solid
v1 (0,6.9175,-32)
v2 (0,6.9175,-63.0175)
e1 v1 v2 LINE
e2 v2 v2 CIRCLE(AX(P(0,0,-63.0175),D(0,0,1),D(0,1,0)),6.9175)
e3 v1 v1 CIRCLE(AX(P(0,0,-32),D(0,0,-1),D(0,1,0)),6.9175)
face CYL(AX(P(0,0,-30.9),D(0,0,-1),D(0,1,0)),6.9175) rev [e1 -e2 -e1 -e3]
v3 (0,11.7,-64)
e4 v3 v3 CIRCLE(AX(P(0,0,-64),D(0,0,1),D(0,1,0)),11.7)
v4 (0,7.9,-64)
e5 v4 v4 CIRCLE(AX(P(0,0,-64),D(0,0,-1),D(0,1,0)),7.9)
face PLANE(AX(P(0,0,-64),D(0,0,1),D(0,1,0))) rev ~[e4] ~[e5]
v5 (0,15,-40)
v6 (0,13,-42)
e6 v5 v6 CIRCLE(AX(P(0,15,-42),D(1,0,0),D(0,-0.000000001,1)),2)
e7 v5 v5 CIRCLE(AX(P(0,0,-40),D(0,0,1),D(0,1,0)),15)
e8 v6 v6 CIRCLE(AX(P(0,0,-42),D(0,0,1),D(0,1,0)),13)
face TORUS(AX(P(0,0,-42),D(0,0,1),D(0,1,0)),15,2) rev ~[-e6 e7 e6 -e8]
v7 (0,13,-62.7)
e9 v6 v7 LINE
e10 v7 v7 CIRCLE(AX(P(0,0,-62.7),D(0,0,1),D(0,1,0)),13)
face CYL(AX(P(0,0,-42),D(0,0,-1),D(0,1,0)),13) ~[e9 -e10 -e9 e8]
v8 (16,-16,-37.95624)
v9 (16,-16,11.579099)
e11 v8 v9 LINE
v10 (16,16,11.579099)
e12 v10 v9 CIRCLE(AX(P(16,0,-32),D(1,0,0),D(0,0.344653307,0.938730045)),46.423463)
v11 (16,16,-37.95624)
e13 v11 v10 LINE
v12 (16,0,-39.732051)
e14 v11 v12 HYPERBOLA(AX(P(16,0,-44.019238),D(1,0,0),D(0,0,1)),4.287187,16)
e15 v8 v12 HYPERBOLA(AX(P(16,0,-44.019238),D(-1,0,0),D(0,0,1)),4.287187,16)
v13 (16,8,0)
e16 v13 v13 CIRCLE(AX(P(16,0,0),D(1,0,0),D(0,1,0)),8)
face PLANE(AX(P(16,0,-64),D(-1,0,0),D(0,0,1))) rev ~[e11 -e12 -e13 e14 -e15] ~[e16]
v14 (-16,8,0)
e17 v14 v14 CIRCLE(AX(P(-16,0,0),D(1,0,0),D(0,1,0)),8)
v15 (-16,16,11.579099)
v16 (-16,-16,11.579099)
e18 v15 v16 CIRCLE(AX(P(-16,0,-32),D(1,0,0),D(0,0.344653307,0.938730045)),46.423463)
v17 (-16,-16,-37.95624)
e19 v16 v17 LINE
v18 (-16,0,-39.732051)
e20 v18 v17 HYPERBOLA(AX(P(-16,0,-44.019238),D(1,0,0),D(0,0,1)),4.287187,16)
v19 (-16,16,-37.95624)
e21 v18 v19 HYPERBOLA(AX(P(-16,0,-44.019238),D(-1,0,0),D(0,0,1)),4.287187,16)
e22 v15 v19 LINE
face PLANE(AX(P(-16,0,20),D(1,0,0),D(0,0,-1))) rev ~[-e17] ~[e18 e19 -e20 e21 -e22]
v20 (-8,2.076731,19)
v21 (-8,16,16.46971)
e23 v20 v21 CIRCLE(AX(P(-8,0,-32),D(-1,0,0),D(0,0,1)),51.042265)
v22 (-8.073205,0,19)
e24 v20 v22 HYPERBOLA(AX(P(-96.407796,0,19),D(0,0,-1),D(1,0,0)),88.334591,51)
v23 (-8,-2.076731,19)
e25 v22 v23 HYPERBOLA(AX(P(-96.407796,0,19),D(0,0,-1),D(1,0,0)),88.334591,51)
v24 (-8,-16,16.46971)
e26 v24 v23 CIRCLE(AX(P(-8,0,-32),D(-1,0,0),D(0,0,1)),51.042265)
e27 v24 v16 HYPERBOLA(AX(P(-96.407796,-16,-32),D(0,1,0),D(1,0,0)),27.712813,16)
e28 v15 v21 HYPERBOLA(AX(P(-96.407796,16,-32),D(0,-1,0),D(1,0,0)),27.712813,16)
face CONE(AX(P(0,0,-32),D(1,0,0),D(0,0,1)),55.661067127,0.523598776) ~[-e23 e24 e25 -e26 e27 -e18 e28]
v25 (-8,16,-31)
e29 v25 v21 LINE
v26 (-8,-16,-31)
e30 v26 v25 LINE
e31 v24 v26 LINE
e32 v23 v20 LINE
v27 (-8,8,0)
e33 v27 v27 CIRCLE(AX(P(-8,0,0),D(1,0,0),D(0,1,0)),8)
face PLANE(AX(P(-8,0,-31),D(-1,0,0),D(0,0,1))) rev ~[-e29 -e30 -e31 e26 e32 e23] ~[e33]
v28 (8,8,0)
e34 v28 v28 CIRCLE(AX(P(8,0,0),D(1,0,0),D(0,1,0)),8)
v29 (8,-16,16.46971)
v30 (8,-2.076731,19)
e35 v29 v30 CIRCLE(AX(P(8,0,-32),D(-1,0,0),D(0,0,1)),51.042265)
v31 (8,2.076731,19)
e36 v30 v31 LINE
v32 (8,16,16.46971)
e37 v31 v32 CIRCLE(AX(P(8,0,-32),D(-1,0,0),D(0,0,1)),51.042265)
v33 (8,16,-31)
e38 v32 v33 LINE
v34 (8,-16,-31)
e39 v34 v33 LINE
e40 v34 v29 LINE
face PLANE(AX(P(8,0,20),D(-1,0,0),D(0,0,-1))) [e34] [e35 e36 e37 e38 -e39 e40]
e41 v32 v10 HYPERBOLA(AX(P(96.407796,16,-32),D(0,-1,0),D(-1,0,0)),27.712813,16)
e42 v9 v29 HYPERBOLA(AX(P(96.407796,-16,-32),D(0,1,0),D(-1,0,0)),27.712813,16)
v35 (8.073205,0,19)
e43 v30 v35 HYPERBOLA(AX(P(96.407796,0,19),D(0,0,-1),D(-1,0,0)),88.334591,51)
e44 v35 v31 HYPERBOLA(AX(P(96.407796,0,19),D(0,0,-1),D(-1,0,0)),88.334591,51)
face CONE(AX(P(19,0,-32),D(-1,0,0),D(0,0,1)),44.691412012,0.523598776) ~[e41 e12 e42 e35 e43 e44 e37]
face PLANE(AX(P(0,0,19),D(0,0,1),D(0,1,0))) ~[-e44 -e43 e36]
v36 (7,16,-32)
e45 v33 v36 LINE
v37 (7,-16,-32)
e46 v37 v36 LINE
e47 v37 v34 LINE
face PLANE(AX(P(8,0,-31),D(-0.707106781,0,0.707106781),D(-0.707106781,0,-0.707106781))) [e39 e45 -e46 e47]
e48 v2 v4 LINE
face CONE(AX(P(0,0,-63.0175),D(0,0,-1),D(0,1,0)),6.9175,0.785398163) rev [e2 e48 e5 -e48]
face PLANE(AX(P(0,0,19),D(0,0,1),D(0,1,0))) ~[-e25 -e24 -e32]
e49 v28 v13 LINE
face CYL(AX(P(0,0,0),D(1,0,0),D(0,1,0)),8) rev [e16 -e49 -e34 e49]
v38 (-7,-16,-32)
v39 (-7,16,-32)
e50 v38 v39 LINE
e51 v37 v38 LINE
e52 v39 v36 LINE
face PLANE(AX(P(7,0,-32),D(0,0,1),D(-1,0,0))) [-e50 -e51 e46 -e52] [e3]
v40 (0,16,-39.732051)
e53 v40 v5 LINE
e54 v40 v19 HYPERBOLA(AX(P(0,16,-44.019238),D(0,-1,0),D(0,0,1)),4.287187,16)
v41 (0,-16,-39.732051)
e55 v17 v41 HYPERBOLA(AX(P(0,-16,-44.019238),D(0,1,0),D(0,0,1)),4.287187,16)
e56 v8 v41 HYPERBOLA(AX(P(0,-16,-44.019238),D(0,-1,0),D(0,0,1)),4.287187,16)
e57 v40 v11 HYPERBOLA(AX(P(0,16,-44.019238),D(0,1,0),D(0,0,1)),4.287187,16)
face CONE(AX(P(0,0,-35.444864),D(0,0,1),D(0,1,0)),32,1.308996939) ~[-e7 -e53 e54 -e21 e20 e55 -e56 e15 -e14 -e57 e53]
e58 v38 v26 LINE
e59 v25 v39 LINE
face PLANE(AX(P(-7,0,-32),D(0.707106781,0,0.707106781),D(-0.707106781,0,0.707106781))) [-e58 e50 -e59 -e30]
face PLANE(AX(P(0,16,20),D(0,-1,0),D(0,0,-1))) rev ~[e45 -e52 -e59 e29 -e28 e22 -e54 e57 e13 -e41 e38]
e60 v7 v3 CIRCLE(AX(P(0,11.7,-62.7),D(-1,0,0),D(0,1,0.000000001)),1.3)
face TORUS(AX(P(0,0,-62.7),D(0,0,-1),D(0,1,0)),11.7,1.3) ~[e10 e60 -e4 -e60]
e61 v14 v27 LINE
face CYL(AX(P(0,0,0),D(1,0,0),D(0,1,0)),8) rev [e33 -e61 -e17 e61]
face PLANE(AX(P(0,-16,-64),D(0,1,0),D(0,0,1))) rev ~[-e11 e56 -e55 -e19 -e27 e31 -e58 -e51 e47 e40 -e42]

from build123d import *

# Parameters (mm, degrees)
CUT_EXTRUDE1_DEPTH           = 33
CUT_EXTRUDE1_DEPTH_BACK      = 33
CUT_EXTRUDE2_DEPTH           = 33
CUT_EXTRUDE2_DEPTH_BACK      = 33
CUT_EXTRUDE3_DEPTH           = 33
CUT_EXTRUDE3_DEPTH_BACK      = 33
SKETCH5_W                    = 39.5
SKETCH5_H                    = 8
CUT_REVOLVE3_ANGLE           = 90
CUT_REVOLVE3_OTHER_WAY_ANGLE = 90


with BuildPart() as part:
    # Sketch1 → Revolve1 (revolve)
    with BuildSketch(Plane(origin=(0, 0, 0), x_dir=(0, 0, -1), z_dir=(1, 0, 0))):
        with BuildLine():
            Line((-19, 0), (-19, 32))
            Line((-19, 32), (35.444863729, 32))
            Line((35.444863729, 32), (40, 15))
            ThreePointArc((40, 15), (40.585786438, 13.585786438), (42, 13))
            Line((42, 13), (62.7, 13))
            ThreePointArc((62.7, 13), (63.619238816, 12.619238816), (64, 11.7))
            Line((64, 11.7), (64, 0))
            Line((64, 0), (-19, 0))
        make_face()
    revolve(axis=Axis((0, 0, -64), (0, 0, 1)))

    # Sketch2 → Cut-Extrude1 (cut, two sides: drawn at the far end of the back side and taken through both)
    with BuildSketch(Plane(origin=(0, 0, 0), x_dir=(1, 0, 0), z_dir=(0, 1, 0)).offset(-CUT_EXTRUDE1_DEPTH_BACK)):
        Polygon((-8, 31), (-8, -20), (8, -20), (8, 31), (7, 32), (-7, 32), align=None)
    extrude(amount=CUT_EXTRUDE1_DEPTH + CUT_EXTRUDE1_DEPTH_BACK, mode=Mode.SUBTRACT)

    # Sketch3 → Cut-Extrude2 (cut, two sides: drawn at the far end of the back side and taken through both)
    with BuildSketch(Plane(origin=(0, 0, 0), x_dir=(0, 0, -1), z_dir=(1, 0, 0)).offset(-CUT_EXTRUDE2_DEPTH_BACK)):
        Polygon((-52, -48), (64, -48), (64, -16), (-20, -16), (-20, 16), (64, 16), (64, 48), (-52, 48), align=None)
    extrude(amount=CUT_EXTRUDE2_DEPTH + CUT_EXTRUDE2_DEPTH_BACK, mode=Mode.SUBTRACT)

    # Sketch4 → Cut-Extrude3 (cut, two sides: drawn at the far end of the back side and taken through both)
    with BuildSketch(Plane(origin=(0, 0, 0), x_dir=(1, 0, 0), z_dir=(0, 1, 0)).offset(-CUT_EXTRUDE3_DEPTH_BACK)):
        Polygon((-48, -52), (48, -52), (48, 64), (16, 64), (16, -20), (-16, -20), (-16, 64), (-48, 64), align=None)
    extrude(amount=CUT_EXTRUDE3_DEPTH + CUT_EXTRUDE3_DEPTH_BACK, mode=Mode.SUBTRACT)

    # Sketch5 → Cut-Revolve1 (revolve, cut)
    with BuildSketch(Plane.XY):
        with Locations((0, 4)):
            Rectangle(SKETCH5_W, SKETCH5_H)
    revolve(axis=Axis((19.75, 0, 0), (-1, 0, 0)), mode=Mode.SUBTRACT)

    # Sketch6 → Cut-Revolve2 (revolve, cut)
    with BuildSketch(Plane(origin=(0, 0, 0), x_dir=(0, 0, -1), z_dir=(1, 0, 0))):
        Polygon((30.9, 0), (30.9, 6.9175), (63.0175, 6.9175), (64.1, 8), (64.1, 0), align=None)
    revolve(axis=Axis((0, 0, -64.1), (0, 0, 1)), mode=Mode.SUBTRACT)

    # Sketch7 → Cut-Revolve3 (revolve, cut)
    with BuildSketch(Plane(origin=(0, 0, 0), x_dir=(1, 0, 0), z_dir=(0, 1, 0))):
        Polygon((-19, -49.64182924), (0, -60.611484355), (19, -49.64182924), (19, -12.691412012), (0, -23.661067127), (-19, -12.691412012), align=None)
    revolve(axis=Axis((-19, 0, -32), (-1, 0, 0)), revolution_arc=CUT_REVOLVE3_ANGLE, mode=Mode.SUBTRACT)

    # Sketch7 → Cut-Revolve3 other way (revolve, cut)
    with BuildSketch(Plane(origin=(0, 0, 0), x_dir=(1, 0, 0), z_dir=(0, 1, 0))):
        Polygon((-19, -49.64182924), (0, -60.611484355), (19, -49.64182924), (19, -12.691412012), (0, -23.661067127), (-19, -12.691412012), align=None)
    revolve(axis=Axis((-19, 0, -32), (1, 0, 0)), revolution_arc=CUT_REVOLVE3_OTHER_WAY_ANGLE, mode=Mode.SUBTRACT)


solid = part.part
